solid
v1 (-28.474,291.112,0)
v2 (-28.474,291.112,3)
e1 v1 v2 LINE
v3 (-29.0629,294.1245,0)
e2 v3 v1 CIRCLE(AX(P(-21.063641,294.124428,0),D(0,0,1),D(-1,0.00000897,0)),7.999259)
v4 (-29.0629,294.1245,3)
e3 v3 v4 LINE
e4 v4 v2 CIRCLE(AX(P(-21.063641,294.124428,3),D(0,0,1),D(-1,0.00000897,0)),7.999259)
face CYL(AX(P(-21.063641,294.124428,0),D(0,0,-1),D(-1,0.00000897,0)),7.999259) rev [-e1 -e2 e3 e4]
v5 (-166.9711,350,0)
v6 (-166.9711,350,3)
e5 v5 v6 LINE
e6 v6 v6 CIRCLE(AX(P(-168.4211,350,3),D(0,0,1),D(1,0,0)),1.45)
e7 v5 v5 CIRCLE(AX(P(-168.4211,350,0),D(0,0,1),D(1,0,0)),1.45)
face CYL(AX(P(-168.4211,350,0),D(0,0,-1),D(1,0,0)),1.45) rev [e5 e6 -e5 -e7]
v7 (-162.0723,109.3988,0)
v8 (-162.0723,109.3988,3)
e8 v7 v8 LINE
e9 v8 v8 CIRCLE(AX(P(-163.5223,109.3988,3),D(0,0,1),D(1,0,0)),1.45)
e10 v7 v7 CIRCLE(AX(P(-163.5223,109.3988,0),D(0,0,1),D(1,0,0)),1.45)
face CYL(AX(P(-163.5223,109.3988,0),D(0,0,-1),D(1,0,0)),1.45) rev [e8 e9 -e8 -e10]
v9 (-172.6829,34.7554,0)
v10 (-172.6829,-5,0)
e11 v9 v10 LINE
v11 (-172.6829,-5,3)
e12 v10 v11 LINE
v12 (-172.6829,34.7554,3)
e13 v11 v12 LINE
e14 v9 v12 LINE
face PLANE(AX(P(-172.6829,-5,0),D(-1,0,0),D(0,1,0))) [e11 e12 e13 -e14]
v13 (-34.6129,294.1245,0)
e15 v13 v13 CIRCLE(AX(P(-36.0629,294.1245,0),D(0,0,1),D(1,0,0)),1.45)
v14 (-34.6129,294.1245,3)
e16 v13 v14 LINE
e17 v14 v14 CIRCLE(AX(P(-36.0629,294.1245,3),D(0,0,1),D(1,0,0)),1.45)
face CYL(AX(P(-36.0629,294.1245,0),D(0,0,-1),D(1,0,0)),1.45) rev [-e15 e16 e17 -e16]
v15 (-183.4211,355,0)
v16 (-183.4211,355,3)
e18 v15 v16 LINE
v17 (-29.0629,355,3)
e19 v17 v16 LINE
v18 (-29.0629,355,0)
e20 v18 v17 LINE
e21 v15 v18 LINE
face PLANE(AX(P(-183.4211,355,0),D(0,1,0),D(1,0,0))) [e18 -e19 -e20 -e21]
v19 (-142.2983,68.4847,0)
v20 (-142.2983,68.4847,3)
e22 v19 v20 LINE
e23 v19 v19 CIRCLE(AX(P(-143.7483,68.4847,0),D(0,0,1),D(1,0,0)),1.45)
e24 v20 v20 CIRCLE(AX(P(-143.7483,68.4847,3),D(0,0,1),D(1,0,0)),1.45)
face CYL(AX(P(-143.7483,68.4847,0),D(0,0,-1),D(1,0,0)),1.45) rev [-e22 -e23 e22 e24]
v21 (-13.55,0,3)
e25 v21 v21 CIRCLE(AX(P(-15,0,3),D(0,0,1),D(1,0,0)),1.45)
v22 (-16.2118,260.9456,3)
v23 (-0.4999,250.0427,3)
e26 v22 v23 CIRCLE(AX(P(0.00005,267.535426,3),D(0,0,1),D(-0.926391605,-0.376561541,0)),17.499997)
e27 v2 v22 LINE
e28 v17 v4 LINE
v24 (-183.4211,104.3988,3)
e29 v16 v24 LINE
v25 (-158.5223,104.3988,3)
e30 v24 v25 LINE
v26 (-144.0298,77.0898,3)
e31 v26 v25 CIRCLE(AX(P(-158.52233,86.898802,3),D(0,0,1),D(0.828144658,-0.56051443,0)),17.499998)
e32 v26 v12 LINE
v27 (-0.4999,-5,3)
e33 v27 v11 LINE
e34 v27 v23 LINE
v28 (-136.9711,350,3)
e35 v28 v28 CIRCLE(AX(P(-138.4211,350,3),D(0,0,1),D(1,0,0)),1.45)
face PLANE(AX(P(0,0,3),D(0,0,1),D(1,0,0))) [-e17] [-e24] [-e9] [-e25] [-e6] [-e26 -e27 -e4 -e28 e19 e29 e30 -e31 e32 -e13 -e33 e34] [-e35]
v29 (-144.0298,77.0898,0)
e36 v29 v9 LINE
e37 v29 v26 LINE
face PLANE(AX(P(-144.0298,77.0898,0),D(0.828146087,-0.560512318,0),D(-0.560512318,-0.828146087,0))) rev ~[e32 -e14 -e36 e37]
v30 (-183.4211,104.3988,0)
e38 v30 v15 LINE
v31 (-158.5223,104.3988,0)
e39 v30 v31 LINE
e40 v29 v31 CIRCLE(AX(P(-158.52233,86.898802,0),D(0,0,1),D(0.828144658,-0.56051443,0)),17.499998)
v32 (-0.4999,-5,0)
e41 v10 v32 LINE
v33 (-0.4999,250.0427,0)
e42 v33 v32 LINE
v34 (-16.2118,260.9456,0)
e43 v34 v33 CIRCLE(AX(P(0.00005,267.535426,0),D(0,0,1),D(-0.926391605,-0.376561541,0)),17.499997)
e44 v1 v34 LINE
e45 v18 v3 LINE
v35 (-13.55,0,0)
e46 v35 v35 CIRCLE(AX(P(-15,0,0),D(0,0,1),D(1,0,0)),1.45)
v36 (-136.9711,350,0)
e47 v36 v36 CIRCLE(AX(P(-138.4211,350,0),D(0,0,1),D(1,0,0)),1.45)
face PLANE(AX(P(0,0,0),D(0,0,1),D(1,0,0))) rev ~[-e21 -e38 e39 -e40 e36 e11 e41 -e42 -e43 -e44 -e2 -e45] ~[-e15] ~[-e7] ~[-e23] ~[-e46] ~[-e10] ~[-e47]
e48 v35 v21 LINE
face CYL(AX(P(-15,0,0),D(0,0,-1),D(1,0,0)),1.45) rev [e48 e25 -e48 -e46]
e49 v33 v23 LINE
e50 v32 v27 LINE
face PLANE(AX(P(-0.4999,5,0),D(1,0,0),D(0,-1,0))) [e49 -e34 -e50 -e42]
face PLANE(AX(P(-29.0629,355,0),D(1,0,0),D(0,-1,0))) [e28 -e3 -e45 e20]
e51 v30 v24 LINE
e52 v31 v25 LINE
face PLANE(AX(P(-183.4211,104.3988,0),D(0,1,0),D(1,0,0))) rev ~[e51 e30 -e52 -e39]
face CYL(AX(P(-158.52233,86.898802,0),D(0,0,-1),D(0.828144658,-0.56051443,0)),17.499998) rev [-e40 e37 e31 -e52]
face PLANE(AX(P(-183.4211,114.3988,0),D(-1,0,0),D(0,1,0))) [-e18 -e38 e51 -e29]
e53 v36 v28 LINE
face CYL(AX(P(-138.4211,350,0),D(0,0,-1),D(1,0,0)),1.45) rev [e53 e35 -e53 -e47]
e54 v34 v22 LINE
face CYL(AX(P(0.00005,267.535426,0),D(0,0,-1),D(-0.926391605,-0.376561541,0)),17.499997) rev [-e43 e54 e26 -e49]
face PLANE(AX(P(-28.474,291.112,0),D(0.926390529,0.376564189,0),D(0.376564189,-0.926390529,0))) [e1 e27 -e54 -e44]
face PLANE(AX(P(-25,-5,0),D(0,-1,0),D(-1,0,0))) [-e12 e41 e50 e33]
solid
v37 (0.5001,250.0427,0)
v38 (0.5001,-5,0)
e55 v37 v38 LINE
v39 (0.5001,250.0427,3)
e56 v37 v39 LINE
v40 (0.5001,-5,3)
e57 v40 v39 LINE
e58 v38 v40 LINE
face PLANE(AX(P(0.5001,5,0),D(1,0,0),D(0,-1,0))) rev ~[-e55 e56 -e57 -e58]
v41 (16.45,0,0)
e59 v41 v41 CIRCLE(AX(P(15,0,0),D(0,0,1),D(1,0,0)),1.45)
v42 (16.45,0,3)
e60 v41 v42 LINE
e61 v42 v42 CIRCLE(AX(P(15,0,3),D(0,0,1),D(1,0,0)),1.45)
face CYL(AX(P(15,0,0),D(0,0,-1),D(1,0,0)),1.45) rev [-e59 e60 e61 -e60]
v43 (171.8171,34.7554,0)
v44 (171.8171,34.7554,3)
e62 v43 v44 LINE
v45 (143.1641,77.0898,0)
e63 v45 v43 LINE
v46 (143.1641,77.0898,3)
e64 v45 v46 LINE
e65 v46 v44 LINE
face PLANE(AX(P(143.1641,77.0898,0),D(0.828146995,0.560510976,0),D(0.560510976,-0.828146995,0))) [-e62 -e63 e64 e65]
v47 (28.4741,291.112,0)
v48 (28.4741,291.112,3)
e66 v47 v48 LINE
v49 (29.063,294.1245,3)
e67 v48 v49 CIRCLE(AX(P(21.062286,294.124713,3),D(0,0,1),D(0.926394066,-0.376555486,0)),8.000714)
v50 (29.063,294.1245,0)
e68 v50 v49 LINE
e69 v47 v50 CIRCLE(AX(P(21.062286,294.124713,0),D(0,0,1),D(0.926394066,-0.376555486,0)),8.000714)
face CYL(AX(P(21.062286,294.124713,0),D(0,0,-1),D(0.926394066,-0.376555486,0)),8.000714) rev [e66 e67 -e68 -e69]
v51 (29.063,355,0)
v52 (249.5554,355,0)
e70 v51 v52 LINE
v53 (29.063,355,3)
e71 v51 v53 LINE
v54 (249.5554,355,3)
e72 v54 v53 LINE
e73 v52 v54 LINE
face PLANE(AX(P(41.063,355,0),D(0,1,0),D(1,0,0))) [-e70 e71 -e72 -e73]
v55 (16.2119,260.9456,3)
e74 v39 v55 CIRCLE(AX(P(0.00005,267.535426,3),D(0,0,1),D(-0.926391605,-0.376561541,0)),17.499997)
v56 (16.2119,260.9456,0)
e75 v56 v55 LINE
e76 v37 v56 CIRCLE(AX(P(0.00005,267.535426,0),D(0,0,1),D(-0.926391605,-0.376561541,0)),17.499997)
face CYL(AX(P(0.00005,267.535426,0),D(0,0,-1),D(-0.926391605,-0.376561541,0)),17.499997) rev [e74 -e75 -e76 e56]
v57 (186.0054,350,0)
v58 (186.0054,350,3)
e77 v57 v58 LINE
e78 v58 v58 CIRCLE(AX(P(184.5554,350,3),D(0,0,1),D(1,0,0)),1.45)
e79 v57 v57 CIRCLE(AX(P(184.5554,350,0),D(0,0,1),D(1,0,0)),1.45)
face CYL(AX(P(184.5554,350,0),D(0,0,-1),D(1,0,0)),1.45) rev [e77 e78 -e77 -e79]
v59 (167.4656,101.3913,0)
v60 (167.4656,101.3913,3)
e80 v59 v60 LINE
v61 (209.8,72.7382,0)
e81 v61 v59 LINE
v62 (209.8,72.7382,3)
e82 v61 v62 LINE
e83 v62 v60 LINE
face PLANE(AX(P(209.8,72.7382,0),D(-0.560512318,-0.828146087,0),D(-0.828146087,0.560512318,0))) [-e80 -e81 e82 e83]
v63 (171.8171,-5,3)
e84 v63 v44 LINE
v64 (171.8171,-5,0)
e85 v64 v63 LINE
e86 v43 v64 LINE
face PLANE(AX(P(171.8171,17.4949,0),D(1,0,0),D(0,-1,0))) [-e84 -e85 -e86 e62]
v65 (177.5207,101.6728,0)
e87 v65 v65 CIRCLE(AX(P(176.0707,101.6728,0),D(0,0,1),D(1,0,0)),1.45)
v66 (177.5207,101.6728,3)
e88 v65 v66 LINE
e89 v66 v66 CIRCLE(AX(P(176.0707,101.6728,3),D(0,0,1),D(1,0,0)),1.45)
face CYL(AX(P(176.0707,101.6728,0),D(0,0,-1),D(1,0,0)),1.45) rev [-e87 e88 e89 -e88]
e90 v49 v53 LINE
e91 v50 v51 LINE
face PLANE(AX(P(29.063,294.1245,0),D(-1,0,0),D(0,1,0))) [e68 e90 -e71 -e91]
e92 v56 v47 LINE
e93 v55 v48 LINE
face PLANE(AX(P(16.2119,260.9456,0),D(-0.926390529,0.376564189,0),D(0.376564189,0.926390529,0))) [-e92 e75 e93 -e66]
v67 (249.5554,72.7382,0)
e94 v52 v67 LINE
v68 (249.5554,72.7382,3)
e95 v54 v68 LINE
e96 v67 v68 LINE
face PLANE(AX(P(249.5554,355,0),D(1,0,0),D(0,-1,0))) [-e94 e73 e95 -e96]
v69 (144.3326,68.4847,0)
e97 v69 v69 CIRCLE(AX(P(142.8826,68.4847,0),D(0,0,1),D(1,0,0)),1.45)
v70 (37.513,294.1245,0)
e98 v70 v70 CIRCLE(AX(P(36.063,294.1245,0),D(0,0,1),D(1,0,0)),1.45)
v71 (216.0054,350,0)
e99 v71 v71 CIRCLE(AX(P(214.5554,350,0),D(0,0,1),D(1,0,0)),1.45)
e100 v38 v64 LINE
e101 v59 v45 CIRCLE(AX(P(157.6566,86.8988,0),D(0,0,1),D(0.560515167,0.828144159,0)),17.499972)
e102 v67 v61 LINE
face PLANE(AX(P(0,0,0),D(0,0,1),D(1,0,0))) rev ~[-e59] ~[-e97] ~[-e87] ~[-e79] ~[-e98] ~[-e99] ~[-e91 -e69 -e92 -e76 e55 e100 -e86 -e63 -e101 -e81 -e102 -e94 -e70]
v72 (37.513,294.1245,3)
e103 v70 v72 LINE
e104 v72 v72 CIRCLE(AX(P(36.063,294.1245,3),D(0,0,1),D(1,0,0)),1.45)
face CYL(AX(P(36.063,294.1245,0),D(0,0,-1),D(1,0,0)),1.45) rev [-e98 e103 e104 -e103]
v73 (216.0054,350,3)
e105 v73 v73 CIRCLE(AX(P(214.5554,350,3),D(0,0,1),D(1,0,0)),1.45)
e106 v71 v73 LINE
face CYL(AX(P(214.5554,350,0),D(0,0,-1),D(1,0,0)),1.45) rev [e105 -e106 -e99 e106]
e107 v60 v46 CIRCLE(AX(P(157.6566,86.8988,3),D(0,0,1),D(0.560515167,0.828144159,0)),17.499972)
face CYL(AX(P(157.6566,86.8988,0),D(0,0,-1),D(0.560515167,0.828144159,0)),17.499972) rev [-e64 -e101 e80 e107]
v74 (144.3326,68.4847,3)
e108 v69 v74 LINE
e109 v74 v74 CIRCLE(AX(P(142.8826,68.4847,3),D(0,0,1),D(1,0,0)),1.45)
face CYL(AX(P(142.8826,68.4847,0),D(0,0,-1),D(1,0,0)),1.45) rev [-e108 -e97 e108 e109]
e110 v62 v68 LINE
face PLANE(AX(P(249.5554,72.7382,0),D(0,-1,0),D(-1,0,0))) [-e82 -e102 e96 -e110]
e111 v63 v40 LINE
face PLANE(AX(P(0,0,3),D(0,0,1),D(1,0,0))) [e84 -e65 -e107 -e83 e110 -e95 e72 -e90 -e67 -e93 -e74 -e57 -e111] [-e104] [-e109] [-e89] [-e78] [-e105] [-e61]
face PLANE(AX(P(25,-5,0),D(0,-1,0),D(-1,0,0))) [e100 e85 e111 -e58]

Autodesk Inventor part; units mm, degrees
ref_plane "YZ Plane" through (0, 0, 0) normal (1, 0, 0) x (0, 1, 0)
ref_plane "XZ Plane" through (0, 0, 0) normal (0, 1, 0) x (-1, 0, 0)
ref_plane "XY Plane" through (0, 0, 0) normal (0, 0, 1) x (1, 0, 0)
sketch "Sketch13" plane through (0, 0, 0) normal (0, 0, 1) x (1, 0, 0)
  line L0 (-25, -5) -> (-25, 5) projected
  line L1 (25, -5) -> (-25, -5) projected
  line L2 (25, 5) -> (25, -5) projected
  line L3 (-25, 5) -> (25, 5) projected
  line L4 (143.1641, 77.0898) -> (171.8171, 34.7554) projected
  arc A0 (167.4656, 101.3913) -> (143.1641, 77.0898) centre (157.6566, 86.8988) ccw projected
  line L5 (209.8, 72.7382) -> (167.4656, 101.3913) projected
  line L6 (227.0605, 72.7382) -> (209.8, 72.7382) projected
  arc A1 (227.0605, 72.7382) -> (224.4218, 74.9169) centre (214.3326, 60.0103) ccw projected
  line L7 (173.0707, 109.6728) -> (224.4218, 74.9169) projected
  arc A2 (173.0707, 109.6728) -> (134.8826, 71.4847) centre (157.6566, 86.8988) ccw projected
  line L8 (169.6384, 20.1336) -> (134.8826, 71.4847) projected
  arc A3 (169.6384, 20.1336) -> (171.8171, 17.4949) centre (184.5451, 30.2228) ccw projected
  line L9 (171.8171, 34.7554) -> (171.8171, 17.4949) projected
  line L10 (224.5554, 355) -> (224.5554, 345) projected
  line L11 (174.5554, 355) -> (224.5554, 355) projected
  line L12 (174.5554, 345) -> (174.5554, 355) projected
  line L13 (224.5554, 345) -> (174.5554, 345) projected
  line L14 (16.2119, 260.9456) -> (28.4741, 291.112) projected
  arc A4 (-16.2118, 260.9456) -> (16.2119, 260.9456) centre (0.0001, 267.5355) ccw projected
  line L15 (-28.474, 291.112) -> (-16.2118, 260.9456) projected
  arc A5 (-29.0629, 294.1245) -> (-28.474, 291.112) centre (-21.0629, 294.1245) ccw projected
  line L16 (-29.0629, 355) -> (-29.0629, 294.1245) projected
  line L17 (-41.0629, 355) -> (-29.0629, 355) projected
  line L18 (-41.0629, 294.1245) -> (-41.0629, 355) projected
  arc A6 (-41.0629, 294.1245) -> (-39.5907, 286.5932) centre (-21.0629, 294.1245) ccw projected
  line L19 (-27.3284, 256.4268) -> (-39.5907, 286.5932) projected
  arc A7 (-27.3284, 256.4268) -> (27.3286, 256.4268) centre (0.0001, 267.5355) ccw projected
  line L20 (39.5908, 286.5932) -> (27.3286, 256.4268) projected
  arc A8 (39.5908, 286.5932) -> (41.063, 294.1245) centre (21.063, 294.1245) ccw projected
  line L21 (41.063, 355) -> (41.063, 294.1245) projected
  line L22 (29.063, 355) -> (41.063, 355) projected
  line L23 (29.063, 294.1245) -> (29.063, 355) projected
  arc A9 (28.4741, 291.112) -> (29.063, 294.1245) centre (21.063, 294.1245) ccw projected
  line L24 (-128.4211, 355) -> (-128.4211, 345) projected
  line L25 (-178.4211, 355) -> (-128.4211, 355) projected
  line L26 (-178.4211, 345) -> (-178.4211, 355) projected
  line L27 (-128.4211, 345) -> (-178.4211, 345) projected
  line L28 (-183.4211, 104.3988) -> (-158.5223, 104.3988) projected
  arc A10 (-144.0298, 77.0898) -> (-158.5223, 104.3988) centre (-158.5223, 86.8988) ccw projected
  line L29 (-144.0298, 77.0898) -> (-172.6829, 34.7554) projected
  line L30 (-172.6829, 34.7554) -> (-172.6829, 17.4949) projected
  arc A11 (-172.6829, 17.4949) -> (-170.5041, 20.1336) centre (-185.4108, 30.2228) ccw projected
  line L31 (-170.5041, 20.1336) -> (-135.7483, 71.4847) projected
  arc A12 (-135.7483, 71.4847) -> (-158.5223, 114.3988) centre (-158.5223, 86.8988) ccw projected
  line L32 (-158.5223, 114.3988) -> (-183.4211, 114.3988) projected
  line L33 (-183.4211, 114.3988) -> (-183.4211, 104.3988) projected
  line L34 (-183.4211, 114.3988) -> (-183.4211, 355)
  line L35 (-183.4211, 355) -> (-178.4211, 355)
  line L36 (-128.4211, 355) -> (-41.0629, 355)
  line L37 (41.063, 355) -> (174.5554, 355)
  line L38 (224.5554, 355) -> (249.5554, 355)
  line L39 (249.5554, 355) -> (249.5554, 72.7382)
  line L40 (249.5554, 72.7382) -> (227.0605, 72.7382)
  line L41 (264.5554, -5) -> (264.5554, 355) projected
  line L42 (-25, -5) -> (-172.6829, -5)
  line L43 (-172.6829, -5) -> (-172.6829, 17.4949)
  line L44 (171.8171, 17.4949) -> (171.8171, -5)
  line L45 (171.8171, -5) -> (25, -5)
  line L46 (0.5001, 250.0427) -> (0.5001, -5)
  line L47 (-0.4999, 250.0427) -> (-0.4999, -5)
  line L48 (-265.4446, 355) -> (-265.4446, -5) projected
  line L49 (-250.4446, 325) -> (-250.4446, 355)
  line L50 (-250.4446, 355) -> (-183.4211, 355)
  line L51 (-250.4446, 325) -> (-183.4211, 325)
  circle A13 centre (142.8826, 68.4847) radius 1.45 projected
  circle A14 centre (176.0707, 101.6728) radius 1.45 projected
  circle A15 centre (-143.7483, 68.4847) radius 1.45 projected
  circle A16 centre (-163.5223, 109.3988) radius 1.45 projected
  circle A17 centre (-36.0629, 294.1245) radius 1.45 projected
  circle A18 centre (36.063, 294.1245) radius 1.45 projected
  circle A19 centre (-138.4211, 350) radius 1.45 projected
  circle A20 centre (-168.4211, 350) radius 1.45 projected
  circle A21 centre (214.5554, 350) radius 1.45 projected
  circle A22 centre (184.5554, 350) radius 1.45 projected
  circle A23 centre (-15, 0) radius 1.45 projected
  circle A24 centre (15, 0) radius 1.45 projected
  point P0 (0, 0)
  dimension "d27" = 15
  dimension "d28" = 1
  dimension "d31" = 15
  dimension "d32" = 30
extrude "Extrusion14" add sketch "Sketch13" along normal blind 3 contours L42 L43 A11 L31 A12 L32 L34 L35 L26 L27 L24 L36 L18 A6 L19 A7 L47 L3 L0 | L0 L3 L47 L1 | L46 L3 L2 L1 | L30 L29 A10 L28 L33 L32 A12 L31 A11 | L46 A7 L20 A8 L21 L37 L12 L13 L10 L38 L39 L40 A1 L7 A2 L8 A3 L44 L45 L2 L3 | A7 L19 A6 L18 L17 L16 A5 L15 A4 L47 | L46 A4 L14 A9 L23 L22 L21 A8 L20 A7 | A3 L8 A2 L7 A1 L6 L5 A0 L4 L9 | L24 L27 L26 L25 | L11 L10 L13 L12
sketch "Sketch14" plane through (0, 0, 3) normal (0, 0, 1) x (1, 0, 0)
  line L0 (-0.4999, -5) -> (-0.4999, 250.0427) projected
  line L1 (-0.4999, -5) -> (-0.4999, 250.0427) projected
  line L2 (0.5001, 250.0427) -> (0.5001, -5) projected
  line L3 (-0.4999, 9.145) -> (0.5001, 9.145)
  line L4 (0.5001, 9.145) -> (0.5001, 12.145)
  line L5 (0.5001, 12.145) -> (-0.4999, 12.145)
  line L6 (-0.4999, 12.145) -> (-0.4999, 9.145)
  line L7 (-0.4999, 237.7207) -> (0.5001, 237.7207)
  line L8 (0.5001, 237.7207) -> (0.5001, 234.7207)
  line L9 (0.5001, 234.7207) -> (-0.4999, 234.7207)
  line L10 (-0.4999, 234.7207) -> (-0.4999, 237.7207)
  point P0 (0, 0)
  point P1 (-0.4999, 234.7207)
  dimension "d33" = 3
  dimension "d34" = 3
properties part number "Electronics Cover Panel" material "Aluminum 6061"
